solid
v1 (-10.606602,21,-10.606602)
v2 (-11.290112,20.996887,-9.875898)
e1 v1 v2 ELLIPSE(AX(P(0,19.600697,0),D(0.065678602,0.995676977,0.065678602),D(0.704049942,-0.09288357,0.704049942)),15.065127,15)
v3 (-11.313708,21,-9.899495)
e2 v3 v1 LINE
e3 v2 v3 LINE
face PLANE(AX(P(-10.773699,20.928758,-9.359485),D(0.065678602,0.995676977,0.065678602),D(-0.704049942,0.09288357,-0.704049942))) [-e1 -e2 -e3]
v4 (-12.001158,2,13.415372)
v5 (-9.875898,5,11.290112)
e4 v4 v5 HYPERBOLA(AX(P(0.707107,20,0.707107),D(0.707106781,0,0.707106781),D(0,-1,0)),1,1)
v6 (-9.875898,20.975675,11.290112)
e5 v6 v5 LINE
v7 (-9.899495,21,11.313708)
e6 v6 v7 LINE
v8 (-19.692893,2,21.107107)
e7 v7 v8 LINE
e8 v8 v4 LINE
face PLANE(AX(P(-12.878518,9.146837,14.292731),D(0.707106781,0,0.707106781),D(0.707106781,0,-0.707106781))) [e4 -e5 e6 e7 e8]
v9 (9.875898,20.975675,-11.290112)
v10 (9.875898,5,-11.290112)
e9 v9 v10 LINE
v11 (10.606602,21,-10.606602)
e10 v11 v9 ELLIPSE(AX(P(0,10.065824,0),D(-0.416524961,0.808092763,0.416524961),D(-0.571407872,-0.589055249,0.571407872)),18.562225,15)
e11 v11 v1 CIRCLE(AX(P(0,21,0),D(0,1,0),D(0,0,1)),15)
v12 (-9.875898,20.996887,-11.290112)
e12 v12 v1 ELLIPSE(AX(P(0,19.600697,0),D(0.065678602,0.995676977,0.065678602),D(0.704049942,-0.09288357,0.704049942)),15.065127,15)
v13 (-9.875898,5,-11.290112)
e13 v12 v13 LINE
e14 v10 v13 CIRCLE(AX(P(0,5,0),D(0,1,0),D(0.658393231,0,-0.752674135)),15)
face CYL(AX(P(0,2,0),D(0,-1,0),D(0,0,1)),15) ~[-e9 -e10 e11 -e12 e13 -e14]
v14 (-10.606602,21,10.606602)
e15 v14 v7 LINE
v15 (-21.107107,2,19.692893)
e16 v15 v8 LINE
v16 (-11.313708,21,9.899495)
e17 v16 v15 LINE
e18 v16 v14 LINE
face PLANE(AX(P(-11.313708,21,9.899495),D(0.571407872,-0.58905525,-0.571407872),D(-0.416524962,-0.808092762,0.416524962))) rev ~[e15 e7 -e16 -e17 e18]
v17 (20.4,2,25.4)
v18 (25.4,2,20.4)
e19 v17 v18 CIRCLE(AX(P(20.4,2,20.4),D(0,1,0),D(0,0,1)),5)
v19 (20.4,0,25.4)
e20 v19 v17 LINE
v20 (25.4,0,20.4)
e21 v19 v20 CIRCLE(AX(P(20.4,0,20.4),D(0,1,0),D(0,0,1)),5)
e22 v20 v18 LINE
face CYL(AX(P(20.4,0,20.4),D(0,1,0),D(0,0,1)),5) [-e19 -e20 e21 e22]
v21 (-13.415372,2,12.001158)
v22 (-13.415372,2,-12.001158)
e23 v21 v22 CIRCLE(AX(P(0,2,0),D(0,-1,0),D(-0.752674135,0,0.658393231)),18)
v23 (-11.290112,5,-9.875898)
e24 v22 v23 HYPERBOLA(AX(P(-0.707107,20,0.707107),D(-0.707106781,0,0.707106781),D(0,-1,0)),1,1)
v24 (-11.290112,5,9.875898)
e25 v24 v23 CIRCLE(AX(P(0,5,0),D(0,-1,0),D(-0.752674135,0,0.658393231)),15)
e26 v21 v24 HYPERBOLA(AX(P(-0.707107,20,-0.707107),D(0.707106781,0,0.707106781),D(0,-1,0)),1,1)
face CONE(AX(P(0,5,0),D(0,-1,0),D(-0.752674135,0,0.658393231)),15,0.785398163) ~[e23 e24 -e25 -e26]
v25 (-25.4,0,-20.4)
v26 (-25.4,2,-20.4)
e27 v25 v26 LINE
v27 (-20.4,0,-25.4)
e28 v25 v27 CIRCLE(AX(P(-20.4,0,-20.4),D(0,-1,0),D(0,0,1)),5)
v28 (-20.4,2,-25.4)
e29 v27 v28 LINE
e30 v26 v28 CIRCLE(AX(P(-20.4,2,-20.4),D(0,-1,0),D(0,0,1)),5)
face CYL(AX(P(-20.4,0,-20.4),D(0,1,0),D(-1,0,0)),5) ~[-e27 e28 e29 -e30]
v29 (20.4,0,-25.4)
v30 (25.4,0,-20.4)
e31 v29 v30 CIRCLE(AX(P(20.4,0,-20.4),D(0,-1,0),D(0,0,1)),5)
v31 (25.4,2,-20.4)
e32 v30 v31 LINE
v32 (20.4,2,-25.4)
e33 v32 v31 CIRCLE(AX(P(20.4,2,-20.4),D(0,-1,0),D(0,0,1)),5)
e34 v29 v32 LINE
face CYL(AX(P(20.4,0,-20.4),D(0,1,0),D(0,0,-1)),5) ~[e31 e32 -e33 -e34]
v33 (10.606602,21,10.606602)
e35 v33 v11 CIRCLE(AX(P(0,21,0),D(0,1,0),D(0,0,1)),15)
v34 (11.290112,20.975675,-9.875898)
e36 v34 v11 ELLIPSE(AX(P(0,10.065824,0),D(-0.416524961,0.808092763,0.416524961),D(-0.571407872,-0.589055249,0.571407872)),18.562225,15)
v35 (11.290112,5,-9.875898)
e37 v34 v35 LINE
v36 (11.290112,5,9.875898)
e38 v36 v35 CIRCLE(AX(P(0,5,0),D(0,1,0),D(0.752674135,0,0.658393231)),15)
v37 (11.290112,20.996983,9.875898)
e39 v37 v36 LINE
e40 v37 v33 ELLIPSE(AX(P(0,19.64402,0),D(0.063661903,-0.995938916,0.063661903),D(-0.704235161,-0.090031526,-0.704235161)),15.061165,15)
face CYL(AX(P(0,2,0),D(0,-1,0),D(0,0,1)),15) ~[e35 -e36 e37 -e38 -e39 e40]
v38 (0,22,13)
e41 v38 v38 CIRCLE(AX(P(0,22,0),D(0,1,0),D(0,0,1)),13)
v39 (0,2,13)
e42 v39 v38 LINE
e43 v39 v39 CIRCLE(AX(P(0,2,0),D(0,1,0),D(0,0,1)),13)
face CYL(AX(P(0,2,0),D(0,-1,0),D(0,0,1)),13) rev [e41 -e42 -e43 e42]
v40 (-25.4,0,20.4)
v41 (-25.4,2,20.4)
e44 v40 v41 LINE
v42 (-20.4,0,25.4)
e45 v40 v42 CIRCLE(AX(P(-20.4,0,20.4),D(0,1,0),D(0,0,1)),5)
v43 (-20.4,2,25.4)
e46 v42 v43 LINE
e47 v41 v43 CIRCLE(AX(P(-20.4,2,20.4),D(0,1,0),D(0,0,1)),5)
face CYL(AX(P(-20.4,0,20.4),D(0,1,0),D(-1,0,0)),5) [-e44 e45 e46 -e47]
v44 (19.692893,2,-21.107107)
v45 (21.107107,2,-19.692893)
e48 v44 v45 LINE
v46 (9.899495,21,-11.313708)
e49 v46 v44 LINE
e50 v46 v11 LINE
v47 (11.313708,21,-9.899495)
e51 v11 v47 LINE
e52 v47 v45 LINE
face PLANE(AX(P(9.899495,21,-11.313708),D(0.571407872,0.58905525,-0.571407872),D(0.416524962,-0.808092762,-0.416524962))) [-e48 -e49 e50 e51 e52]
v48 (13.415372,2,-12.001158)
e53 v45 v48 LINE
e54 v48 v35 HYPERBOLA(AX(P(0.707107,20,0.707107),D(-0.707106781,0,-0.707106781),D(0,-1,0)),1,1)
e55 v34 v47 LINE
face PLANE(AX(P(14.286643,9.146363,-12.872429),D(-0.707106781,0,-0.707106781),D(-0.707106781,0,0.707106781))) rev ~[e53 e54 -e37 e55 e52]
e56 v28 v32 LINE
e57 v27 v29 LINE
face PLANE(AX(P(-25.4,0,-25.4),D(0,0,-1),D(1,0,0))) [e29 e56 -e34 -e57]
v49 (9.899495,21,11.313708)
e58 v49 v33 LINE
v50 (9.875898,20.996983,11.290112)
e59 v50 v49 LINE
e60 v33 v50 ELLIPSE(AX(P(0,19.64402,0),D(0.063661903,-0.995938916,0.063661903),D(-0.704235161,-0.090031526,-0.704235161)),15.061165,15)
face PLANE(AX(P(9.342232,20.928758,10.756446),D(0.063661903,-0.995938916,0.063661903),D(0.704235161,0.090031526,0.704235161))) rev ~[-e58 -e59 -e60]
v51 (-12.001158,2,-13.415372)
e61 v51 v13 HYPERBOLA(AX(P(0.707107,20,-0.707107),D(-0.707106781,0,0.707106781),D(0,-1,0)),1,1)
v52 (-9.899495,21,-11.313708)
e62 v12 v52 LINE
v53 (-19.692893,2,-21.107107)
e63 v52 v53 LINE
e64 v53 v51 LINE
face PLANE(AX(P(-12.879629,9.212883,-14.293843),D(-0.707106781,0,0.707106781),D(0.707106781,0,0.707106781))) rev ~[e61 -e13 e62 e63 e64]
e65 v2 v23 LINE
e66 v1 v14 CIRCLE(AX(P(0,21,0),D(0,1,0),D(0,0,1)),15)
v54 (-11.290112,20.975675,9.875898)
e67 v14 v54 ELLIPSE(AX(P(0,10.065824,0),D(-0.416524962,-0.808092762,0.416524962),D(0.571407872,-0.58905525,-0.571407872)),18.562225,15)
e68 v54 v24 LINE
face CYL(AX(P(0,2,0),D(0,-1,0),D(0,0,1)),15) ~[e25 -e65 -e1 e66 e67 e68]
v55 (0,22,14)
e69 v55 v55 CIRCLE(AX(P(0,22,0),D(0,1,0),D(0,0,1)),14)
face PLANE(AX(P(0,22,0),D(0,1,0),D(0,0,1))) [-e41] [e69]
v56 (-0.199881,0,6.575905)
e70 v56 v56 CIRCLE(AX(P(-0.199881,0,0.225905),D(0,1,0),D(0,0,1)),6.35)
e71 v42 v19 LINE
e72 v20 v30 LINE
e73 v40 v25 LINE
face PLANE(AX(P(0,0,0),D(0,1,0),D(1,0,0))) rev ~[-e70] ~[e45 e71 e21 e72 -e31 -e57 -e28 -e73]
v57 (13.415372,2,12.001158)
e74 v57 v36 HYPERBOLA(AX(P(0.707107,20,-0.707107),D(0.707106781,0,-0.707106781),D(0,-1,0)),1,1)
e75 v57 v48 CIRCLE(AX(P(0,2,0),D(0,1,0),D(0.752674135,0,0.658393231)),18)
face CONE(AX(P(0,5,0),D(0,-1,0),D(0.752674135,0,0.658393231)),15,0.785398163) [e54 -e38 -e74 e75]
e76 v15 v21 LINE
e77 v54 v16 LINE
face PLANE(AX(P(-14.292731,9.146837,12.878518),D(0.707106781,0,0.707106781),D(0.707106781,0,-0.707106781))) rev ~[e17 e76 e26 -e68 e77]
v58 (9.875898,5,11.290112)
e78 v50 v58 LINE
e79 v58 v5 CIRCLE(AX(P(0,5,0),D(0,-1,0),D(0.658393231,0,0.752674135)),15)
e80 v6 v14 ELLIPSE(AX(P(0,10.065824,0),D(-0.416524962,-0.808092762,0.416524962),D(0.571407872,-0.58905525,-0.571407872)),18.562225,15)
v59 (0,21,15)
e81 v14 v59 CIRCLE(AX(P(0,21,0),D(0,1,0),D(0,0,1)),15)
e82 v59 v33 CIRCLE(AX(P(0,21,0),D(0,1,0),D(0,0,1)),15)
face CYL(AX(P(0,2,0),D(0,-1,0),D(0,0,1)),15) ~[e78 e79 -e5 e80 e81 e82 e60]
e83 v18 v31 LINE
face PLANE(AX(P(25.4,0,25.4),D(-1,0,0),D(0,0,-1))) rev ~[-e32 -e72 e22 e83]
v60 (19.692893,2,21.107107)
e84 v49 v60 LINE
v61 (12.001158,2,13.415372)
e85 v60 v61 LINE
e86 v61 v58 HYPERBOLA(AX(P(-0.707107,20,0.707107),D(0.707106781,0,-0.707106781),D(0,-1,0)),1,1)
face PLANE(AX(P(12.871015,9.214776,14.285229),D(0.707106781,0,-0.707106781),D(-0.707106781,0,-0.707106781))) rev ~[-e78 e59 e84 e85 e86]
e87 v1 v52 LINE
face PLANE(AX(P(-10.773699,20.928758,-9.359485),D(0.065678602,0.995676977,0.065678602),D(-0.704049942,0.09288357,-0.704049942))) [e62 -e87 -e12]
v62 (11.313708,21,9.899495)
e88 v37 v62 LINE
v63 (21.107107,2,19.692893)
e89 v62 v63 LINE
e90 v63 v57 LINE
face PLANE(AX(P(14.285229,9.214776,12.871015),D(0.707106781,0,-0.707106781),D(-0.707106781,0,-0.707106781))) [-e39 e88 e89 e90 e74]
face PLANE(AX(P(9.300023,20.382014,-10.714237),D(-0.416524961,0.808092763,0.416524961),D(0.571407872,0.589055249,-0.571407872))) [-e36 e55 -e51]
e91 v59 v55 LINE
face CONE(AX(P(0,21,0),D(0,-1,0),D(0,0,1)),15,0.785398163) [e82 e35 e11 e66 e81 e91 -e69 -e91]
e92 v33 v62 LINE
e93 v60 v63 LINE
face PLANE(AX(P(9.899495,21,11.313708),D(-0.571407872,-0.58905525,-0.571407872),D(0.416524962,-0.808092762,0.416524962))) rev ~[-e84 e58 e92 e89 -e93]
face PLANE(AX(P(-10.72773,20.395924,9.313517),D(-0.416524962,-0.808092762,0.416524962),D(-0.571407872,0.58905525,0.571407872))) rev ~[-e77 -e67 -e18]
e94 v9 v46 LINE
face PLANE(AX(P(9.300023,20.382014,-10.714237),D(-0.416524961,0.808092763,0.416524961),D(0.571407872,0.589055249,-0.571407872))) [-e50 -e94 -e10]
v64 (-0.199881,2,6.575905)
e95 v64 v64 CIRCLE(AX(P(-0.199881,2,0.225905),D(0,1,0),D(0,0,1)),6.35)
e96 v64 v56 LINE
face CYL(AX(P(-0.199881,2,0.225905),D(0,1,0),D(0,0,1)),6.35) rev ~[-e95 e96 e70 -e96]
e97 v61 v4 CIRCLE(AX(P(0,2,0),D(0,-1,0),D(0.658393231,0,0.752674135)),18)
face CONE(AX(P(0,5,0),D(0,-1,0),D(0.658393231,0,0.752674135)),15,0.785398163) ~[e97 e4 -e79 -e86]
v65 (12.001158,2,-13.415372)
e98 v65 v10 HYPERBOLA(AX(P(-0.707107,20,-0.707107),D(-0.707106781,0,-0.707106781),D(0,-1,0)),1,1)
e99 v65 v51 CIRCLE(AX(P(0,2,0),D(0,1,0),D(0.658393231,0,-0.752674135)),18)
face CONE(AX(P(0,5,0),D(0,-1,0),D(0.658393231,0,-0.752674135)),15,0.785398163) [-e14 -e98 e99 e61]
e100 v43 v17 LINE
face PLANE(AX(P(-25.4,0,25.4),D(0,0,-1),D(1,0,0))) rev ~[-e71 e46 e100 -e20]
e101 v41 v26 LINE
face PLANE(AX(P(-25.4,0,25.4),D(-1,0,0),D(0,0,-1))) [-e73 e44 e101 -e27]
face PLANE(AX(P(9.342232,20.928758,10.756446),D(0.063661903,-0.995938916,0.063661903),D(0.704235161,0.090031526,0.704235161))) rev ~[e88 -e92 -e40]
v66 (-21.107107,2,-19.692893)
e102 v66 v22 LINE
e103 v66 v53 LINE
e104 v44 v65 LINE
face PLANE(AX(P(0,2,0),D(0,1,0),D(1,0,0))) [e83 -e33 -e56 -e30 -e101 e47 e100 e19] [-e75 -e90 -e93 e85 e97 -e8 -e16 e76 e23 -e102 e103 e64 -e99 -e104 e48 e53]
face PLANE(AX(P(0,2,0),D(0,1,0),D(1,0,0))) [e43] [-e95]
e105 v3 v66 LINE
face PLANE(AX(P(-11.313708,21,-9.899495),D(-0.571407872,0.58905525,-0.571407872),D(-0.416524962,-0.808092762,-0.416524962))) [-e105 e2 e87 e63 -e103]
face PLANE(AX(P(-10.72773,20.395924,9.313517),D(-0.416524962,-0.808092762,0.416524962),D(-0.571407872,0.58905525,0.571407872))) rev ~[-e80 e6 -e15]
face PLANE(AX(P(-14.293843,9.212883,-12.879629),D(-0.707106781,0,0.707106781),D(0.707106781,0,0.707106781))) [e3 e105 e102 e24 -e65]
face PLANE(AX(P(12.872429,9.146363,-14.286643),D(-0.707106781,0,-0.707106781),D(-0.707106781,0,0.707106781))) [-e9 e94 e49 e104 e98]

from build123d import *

# Parameters (mm, degrees)
SKETCH1_W                = 50.8
SKETCH1_H                = 50.8
BOSS_EXTRUDE1_DEPTH      = 2
SKETCH2_R                = 15
SKETCH2_R_2              = 13
BOSS_EXTRUDE2_DEPTH      = 20
CHAMFER1_SIZE            = 1
FILLET1_R                = 5
BOSS_EXTRUDE4_DEPTH      = 1
BOSS_EXTRUDE4_DEPTH_BACK = 1
BOSS_EXTRUDE5_DEPTH      = 1
BOSS_EXTRUDE5_DEPTH_BACK = 1
SKETCH7_R                = 6.35
CUT_EXTRUDE1_DEPTH       = 11
CHAMFER2_SIZE            = 3


with BuildPart() as part:
    # Sketch1 → Boss-Extrude1 (new body)
    with BuildSketch(Plane(origin=(0, 0, 0), x_dir=(1, 0, 0), z_dir=(0, 1, 0))):
        Rectangle(SKETCH1_W, SKETCH1_H)
    extrude(amount=BOSS_EXTRUDE1_DEPTH)

    # Sketch2 → Boss-Extrude2 (add)
    with BuildSketch(Plane(origin=(0, 2, 0), x_dir=(1, 0, 0), z_dir=(0, 1, 0))):
        Circle(SKETCH2_R)
        Circle(SKETCH2_R_2, mode=Mode.SUBTRACT)
    extrude(amount=BOSS_EXTRUDE2_DEPTH)

    # Chamfer1
    chamfer1_edges = [part.edges().sort_by_distance(p)[0] for p in [
        (-15, 22, 0),
    ]]
    chamfer(chamfer1_edges, length=CHAMFER1_SIZE)

    # Fillet1
    fillet1_edges = [part.edges().sort_by_distance(p)[0] for p in [
        (25.4, 1, -25.4),
        (-25.4, 1, -25.4),
        (25.4, 1, 25.4),
        (-25.4, 1, 25.4),
    ]]
    fillet(fillet1_edges, radius=FILLET1_R)

    # Sketch5 → Boss-Extrude4 (add, two sides: drawn at the far end of the back side and taken through both)
    with BuildSketch(Plane(origin=(0, 0, 0), x_dir=(-0.7071067811865476, 0, -0.7071067811865476), z_dir=(0.7071067811865476, 0, -0.7071067811865476)).offset(-BOSS_EXTRUDE4_DEPTH_BACK)):
        Polygon((-15, 21), (-28.849956672, 2), (-14.211911486, 2), (-14.211911486, 20.928757868), align=None)
        Polygon((15, 21), (28.849956672, 2), (14.236311105, 2), (14.236311105, 20.928757868), align=None)
    extrude(amount=BOSS_EXTRUDE4_DEPTH + BOSS_EXTRUDE4_DEPTH_BACK)

    # Sketch6 → Boss-Extrude5 (add, two sides: drawn at the far end of the back side and taken through both)
    with BuildSketch(Plane(origin=(0, 0, 0), x_dir=(0.7071067811865475, 0, -0.7071067811865476), z_dir=(0.7071067811865476, 0, 0.7071067811865475)).offset(-BOSS_EXTRUDE5_DEPTH_BACK)):
        Polygon((-15, 21), (-28.849956672, 2), (-14.171301729, 2), (-14.171301729, 20.395924466), align=None)
        Polygon((15, 21), (28.849956672, 2), (14.152219343, 2), (14.152219343, 20.382014455), align=None)
    extrude(amount=BOSS_EXTRUDE5_DEPTH + BOSS_EXTRUDE5_DEPTH_BACK)

    # Sketch7 → Cut-Extrude1 (cut)
    with BuildSketch(Plane(origin=(0, 2, 0), x_dir=(1, 0, 0), z_dir=(0, 1, 0))):
        with Locations((-0.199881489, -0.225905454)):
            Circle(SKETCH7_R)
    extrude(amount=-CUT_EXTRUDE1_DEPTH, mode=Mode.SUBTRACT)

    # Chamfer2
    chamfer2_edges = [part.edges().sort_by_distance(p)[0] for p in [
        (0, 2, -15),
        (15, 2, 0),
        (0, 2, 15),
        (-15, 2, 0),
    ]]
    chamfer(chamfer2_edges, length=CHAMFER2_SIZE)


solid = part.part
